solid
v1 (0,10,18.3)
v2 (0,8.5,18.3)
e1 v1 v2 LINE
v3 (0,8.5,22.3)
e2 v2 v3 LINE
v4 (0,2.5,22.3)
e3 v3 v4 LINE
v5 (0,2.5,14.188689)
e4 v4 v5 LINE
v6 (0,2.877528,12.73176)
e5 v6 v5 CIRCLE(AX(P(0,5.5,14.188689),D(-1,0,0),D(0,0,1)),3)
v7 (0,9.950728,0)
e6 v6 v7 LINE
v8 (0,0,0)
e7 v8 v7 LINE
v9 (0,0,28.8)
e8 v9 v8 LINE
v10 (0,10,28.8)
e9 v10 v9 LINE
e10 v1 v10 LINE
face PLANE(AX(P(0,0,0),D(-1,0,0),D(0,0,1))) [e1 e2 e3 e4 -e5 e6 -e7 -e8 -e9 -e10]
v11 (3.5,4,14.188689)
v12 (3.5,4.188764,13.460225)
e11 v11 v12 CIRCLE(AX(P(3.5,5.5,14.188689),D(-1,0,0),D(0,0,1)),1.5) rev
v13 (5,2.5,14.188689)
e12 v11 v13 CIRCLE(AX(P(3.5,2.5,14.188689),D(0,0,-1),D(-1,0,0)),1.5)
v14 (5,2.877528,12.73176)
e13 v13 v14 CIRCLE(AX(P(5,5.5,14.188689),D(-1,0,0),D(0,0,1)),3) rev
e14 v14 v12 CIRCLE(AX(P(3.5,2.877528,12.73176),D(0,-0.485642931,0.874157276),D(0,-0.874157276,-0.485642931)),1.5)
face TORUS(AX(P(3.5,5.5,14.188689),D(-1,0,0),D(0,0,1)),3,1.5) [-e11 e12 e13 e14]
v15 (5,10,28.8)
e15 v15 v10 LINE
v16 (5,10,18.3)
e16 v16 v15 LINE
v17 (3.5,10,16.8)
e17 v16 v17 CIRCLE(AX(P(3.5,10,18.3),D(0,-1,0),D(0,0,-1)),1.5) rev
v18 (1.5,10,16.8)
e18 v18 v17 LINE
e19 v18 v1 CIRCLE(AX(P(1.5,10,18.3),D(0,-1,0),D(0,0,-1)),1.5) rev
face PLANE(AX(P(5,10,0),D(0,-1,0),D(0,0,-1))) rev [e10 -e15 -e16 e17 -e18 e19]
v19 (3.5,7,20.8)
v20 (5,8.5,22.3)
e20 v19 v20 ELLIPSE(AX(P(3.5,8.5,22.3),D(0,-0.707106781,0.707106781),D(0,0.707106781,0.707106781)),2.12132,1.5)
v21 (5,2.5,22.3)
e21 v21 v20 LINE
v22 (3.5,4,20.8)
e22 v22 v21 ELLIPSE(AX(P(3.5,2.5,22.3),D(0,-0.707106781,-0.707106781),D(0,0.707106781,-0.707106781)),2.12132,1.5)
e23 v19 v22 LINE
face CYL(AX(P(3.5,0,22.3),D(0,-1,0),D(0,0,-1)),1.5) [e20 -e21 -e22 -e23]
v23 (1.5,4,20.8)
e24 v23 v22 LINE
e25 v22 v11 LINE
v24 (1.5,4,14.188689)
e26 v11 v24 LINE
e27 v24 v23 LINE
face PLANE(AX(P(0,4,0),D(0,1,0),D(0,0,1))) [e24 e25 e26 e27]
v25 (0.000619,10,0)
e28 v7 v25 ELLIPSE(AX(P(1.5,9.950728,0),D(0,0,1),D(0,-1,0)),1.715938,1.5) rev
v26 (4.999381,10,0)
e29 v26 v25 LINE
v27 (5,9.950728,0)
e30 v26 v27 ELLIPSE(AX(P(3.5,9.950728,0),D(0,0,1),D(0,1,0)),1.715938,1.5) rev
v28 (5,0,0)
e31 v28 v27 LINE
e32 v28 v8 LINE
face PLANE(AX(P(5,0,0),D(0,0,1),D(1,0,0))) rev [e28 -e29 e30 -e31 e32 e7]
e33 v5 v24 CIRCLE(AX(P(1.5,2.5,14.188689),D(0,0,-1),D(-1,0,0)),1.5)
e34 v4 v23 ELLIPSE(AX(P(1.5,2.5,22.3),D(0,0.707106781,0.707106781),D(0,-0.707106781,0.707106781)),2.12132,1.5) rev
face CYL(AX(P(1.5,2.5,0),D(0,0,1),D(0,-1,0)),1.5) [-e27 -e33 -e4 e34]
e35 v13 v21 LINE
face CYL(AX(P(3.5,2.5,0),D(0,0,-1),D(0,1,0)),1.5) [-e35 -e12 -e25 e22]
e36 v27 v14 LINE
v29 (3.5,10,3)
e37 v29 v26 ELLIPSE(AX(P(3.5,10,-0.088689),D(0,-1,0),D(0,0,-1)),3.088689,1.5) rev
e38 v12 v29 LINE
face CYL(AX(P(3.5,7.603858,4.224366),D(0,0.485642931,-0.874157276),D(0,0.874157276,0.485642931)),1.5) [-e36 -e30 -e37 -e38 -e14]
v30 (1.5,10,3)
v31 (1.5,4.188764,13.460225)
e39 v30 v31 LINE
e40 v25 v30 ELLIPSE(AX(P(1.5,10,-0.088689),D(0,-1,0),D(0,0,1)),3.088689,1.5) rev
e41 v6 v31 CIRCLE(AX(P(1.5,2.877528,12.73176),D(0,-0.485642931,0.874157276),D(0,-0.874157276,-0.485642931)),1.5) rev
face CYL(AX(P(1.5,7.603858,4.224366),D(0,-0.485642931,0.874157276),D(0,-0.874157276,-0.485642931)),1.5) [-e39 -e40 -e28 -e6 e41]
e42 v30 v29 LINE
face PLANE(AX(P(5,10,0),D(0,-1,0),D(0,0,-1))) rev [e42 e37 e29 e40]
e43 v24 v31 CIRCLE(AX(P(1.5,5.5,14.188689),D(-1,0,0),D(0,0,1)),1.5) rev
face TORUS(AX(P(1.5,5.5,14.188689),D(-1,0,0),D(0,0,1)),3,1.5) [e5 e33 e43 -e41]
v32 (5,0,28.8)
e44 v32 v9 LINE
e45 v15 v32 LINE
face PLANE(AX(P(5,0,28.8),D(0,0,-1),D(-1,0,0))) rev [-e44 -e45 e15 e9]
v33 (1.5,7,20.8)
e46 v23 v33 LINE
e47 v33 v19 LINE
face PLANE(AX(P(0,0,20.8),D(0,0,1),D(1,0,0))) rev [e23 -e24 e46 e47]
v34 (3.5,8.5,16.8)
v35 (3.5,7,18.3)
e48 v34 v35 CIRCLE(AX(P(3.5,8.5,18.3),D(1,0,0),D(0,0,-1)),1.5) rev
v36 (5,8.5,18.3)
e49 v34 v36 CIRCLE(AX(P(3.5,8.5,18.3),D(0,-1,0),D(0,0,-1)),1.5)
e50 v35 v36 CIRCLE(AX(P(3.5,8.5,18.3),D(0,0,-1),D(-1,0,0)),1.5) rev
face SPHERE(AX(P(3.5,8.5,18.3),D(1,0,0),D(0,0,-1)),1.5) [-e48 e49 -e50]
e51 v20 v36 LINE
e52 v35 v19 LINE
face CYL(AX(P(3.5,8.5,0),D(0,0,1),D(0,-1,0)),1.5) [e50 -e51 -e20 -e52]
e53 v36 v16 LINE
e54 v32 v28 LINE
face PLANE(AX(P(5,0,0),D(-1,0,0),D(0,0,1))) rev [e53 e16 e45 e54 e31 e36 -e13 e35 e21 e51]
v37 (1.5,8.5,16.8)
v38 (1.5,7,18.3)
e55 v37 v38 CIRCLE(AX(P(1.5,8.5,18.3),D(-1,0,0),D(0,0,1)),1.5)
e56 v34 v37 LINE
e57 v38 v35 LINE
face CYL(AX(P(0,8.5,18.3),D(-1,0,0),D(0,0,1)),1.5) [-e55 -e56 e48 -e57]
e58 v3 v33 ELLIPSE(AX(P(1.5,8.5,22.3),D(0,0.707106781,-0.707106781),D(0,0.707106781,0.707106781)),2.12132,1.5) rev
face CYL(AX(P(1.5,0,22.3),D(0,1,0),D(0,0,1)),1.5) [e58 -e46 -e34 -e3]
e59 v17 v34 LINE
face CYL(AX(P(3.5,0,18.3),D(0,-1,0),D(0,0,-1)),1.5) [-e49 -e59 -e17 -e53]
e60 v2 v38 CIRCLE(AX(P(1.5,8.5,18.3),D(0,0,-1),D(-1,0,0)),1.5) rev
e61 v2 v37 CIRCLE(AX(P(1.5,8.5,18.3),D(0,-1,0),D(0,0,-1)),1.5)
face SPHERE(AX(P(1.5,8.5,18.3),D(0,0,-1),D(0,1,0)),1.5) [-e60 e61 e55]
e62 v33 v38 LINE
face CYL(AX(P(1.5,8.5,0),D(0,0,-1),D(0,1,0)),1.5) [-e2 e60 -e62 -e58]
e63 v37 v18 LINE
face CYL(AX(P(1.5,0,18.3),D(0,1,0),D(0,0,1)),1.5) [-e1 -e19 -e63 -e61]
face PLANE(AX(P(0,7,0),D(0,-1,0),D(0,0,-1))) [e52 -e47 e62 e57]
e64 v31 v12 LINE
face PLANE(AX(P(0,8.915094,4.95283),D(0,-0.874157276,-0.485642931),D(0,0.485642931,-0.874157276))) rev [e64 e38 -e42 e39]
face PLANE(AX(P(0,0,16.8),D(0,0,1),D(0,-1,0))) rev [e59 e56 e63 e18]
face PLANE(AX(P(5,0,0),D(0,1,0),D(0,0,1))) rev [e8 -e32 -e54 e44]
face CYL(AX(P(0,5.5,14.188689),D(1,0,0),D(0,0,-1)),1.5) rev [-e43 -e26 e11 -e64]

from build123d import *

# Parameters (mm, degrees)
SKETCH2_W           = 10
SKETCH2_H           = 28.8
BOSS_EXTRUDE1_DEPTH = 5
SKETCH3_W           = 3
SKETCH3_H           = 4
CUT_EXTRUDE1_DEPTH  = 31.894012365
FILLET2_R           = 1.5


with BuildPart() as part:
    # Sketch2 → Boss-Extrude1 (new body)
    with BuildSketch(Plane.YZ):
        with Locations((5, 14.4)):
            Rectangle(SKETCH2_W, SKETCH2_H)
    extrude(amount=BOSS_EXTRUDE1_DEPTH)

    # Sketch3 → Cut-Extrude1 (cut, through all)
    with BuildSketch(Plane.YZ.offset(5)):
        with Locations((5.5, 18.8)):
            Rectangle(SKETCH3_W, SKETCH3_H)
        Polygon((7, 16.8), (4, 16.8), (4, 13.8), (10, 3), (10, 16.8), align=None)
    extrude(amount=-CUT_EXTRUDE1_DEPTH, mode=Mode.SUBTRACT)

    # Fillet2
    fillet2_edges = [part.edges().sort_by_distance(p)[0] for p in [
        (5, 4, 17.3),
        (2.5, 4, 13.8),
        (0, 5.5, 20.8),
        (5, 7, 18.8),
        (0, 8.5, 16.8),
        (2.5, 7, 16.8),
        (0, 7, 8.4),
        (0, 4, 17.3),
        (0, 7, 18.8),
        (5, 7, 8.4),
        (5, 8.5, 16.8),
        (5, 5.5, 20.8),
    ]]
    fillet(fillet2_edges, radius=FILLET2_R)


solid = part.part
